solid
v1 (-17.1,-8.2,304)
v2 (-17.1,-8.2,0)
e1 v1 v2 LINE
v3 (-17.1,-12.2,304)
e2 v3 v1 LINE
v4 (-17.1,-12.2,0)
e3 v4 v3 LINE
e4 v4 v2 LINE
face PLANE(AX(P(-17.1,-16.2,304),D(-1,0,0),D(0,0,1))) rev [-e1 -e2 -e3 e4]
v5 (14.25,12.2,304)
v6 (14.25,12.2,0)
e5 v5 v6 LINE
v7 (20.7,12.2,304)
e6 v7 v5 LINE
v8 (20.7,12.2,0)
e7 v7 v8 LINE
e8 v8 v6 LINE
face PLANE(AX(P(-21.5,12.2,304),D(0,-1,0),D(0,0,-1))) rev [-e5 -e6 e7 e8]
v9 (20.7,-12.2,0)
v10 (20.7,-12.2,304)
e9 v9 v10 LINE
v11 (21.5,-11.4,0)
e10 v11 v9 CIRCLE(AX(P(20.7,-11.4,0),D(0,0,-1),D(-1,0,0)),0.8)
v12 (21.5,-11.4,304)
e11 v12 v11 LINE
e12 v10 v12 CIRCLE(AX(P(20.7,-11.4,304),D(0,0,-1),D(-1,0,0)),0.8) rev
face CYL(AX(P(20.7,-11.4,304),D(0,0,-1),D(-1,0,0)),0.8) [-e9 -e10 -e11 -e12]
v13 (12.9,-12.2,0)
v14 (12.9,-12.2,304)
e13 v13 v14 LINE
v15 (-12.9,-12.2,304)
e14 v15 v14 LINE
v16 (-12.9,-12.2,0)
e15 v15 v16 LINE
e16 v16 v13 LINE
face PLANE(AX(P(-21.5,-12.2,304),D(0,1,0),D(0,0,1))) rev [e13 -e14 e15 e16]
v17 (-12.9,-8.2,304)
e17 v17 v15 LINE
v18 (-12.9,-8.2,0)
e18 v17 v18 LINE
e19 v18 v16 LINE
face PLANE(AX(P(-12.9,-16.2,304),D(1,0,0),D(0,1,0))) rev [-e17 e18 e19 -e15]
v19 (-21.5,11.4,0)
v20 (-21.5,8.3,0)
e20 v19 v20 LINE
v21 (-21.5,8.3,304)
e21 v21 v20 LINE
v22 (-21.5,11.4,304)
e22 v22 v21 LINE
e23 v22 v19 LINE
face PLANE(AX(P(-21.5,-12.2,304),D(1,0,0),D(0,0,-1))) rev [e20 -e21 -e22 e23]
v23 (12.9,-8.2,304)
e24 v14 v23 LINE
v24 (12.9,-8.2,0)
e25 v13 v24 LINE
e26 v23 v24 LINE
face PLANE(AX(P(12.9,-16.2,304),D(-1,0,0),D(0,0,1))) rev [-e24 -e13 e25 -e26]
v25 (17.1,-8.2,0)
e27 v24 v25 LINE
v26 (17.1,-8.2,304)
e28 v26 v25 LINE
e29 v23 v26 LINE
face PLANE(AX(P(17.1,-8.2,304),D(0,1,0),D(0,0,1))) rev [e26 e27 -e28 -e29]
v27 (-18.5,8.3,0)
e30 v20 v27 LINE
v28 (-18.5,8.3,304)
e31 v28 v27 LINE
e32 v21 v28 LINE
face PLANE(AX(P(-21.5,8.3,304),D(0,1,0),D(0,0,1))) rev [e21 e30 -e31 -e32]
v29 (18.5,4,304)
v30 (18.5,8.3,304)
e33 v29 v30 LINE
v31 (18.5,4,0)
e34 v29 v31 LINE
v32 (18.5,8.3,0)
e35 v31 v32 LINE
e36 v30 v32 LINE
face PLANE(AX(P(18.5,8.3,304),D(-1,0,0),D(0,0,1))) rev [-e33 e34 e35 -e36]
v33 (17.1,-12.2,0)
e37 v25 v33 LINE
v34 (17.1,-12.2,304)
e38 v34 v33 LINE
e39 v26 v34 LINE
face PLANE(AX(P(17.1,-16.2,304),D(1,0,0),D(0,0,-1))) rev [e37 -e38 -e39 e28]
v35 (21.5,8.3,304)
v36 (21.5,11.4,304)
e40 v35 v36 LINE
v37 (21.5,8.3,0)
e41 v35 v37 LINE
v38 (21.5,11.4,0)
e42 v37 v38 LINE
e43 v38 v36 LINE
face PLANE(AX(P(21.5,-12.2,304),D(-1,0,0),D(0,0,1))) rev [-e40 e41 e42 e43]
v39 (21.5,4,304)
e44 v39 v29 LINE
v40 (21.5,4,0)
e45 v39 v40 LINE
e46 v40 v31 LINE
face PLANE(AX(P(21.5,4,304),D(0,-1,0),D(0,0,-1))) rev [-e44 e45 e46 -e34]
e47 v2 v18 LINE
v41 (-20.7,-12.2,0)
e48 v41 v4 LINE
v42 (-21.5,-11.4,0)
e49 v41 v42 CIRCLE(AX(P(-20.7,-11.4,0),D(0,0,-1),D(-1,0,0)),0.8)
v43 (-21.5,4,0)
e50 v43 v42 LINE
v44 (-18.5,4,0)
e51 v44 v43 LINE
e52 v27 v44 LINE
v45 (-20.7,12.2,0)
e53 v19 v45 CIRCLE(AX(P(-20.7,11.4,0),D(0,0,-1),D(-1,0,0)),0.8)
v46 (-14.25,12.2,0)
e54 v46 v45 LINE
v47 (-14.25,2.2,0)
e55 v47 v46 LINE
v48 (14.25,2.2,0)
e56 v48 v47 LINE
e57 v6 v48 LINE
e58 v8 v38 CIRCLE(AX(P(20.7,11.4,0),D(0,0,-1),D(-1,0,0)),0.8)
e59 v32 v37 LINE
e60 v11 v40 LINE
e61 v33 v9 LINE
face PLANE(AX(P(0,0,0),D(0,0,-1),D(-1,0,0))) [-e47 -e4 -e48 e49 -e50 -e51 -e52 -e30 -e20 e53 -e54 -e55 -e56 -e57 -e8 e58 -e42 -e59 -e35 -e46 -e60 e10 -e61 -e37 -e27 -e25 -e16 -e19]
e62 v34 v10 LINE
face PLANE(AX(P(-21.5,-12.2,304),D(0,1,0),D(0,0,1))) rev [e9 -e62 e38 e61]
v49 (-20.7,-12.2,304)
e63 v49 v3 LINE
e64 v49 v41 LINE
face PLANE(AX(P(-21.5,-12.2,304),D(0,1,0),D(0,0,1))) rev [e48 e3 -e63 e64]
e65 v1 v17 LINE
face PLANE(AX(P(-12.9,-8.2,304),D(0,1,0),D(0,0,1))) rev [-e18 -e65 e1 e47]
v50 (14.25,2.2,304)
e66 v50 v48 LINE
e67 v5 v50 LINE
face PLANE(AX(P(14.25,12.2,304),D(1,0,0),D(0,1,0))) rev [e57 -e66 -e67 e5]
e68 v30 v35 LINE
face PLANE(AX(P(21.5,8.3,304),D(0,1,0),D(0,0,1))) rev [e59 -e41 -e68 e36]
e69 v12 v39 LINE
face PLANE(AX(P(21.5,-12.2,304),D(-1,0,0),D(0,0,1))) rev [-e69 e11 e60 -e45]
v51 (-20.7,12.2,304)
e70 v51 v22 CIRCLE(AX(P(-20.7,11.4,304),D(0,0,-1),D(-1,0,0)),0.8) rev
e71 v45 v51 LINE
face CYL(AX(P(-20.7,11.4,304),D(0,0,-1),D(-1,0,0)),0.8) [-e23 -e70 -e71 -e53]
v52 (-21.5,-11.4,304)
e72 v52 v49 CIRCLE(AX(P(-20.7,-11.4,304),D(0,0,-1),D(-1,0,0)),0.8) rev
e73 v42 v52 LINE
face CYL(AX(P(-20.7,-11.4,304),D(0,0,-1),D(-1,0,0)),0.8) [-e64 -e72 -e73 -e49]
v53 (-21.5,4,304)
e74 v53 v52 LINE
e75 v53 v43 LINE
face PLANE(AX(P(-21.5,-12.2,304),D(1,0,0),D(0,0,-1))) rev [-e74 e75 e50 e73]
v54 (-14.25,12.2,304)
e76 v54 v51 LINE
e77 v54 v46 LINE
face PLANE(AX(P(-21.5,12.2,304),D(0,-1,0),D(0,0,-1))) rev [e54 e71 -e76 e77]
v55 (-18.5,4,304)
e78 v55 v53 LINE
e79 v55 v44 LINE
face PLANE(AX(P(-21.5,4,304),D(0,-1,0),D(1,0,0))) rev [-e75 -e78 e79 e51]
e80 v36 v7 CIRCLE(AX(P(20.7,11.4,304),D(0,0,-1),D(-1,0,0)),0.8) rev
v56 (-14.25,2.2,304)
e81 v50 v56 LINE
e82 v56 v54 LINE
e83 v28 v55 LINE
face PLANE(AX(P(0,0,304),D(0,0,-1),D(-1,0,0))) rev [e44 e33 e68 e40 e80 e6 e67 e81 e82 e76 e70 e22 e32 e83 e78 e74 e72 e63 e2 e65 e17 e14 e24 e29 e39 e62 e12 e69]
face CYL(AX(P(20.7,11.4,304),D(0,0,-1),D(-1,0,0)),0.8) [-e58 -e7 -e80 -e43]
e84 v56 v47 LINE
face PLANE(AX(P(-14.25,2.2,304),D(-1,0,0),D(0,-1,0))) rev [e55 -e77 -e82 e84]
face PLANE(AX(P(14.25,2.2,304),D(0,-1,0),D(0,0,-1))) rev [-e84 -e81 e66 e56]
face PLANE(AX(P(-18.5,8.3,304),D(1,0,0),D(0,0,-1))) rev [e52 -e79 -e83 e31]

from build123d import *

# Parameters (mm, degrees)
SKETCH1_W           = 43
SKETCH1_H           = 24.4
BOSS_EXTRUDE1_DEPTH = 304
FILLET1_R           = 0.8
SKETCH3_W           = 3
SKETCH3_H           = 4.3
CUT_EXTRUDE1_DEPTH  = 306.00342621
SKETCH5_W           = 28.5
SKETCH5_H           = 10
CUT_EXTRUDE2_DEPTH  = 306.00342621
SKETCH6_W           = 4.2
SKETCH6_H           = 8
CUT_EXTRUDE3_DEPTH  = 306.00342621


with BuildPart() as part:
    # Sketch1 → Boss-Extrude1 (new body)
    with BuildSketch(Plane.XY):
        Rectangle(SKETCH1_W, SKETCH1_H)
    extrude(amount=BOSS_EXTRUDE1_DEPTH)

    # Fillet1
    fillet1_edges = [part.edges().sort_by_distance(p)[0] for p in [
        (21.5, -12.2, 152),
        (-21.5, -12.2, 152),
        (-21.5, 12.2, 152),
        (21.5, 12.2, 152),
    ]]
    fillet(fillet1_edges, radius=FILLET1_R)

    # Sketch3 → Cut-Extrude1 (cut, through all)
    with BuildSketch(Plane(origin=(0, 0, 0), x_dir=(-1, 0, 0), z_dir=(0, 0, -1))):
        with Locations((-20, 6.15)):
            Rectangle(SKETCH3_W, SKETCH3_H)
        with Locations((20, 6.15)):
            Rectangle(SKETCH3_W, SKETCH3_H)
    extrude(amount=-CUT_EXTRUDE1_DEPTH, mode=Mode.SUBTRACT)

    # Sketch5 → Cut-Extrude2 (cut, through all)
    with BuildSketch(Plane(origin=(0, 0, 0), x_dir=(-1, 0, 0), z_dir=(0, 0, -1))):
        with Locations((0, 7.2)):
            Rectangle(SKETCH5_W, SKETCH5_H)
    extrude(amount=-CUT_EXTRUDE2_DEPTH, mode=Mode.SUBTRACT)

    # Sketch6 → Cut-Extrude3 (cut, through all)
    with BuildSketch(Plane(origin=(0, 0, 0), x_dir=(-1, 0, 0), z_dir=(0, 0, -1))):
        with Locations((-15, -12.2)):
            Rectangle(SKETCH6_W, SKETCH6_H)
        with Locations((15, -12.2)):
            Rectangle(SKETCH6_W, SKETCH6_H)
    extrude(amount=-CUT_EXTRUDE3_DEPTH, mode=Mode.SUBTRACT)


solid = part.part
